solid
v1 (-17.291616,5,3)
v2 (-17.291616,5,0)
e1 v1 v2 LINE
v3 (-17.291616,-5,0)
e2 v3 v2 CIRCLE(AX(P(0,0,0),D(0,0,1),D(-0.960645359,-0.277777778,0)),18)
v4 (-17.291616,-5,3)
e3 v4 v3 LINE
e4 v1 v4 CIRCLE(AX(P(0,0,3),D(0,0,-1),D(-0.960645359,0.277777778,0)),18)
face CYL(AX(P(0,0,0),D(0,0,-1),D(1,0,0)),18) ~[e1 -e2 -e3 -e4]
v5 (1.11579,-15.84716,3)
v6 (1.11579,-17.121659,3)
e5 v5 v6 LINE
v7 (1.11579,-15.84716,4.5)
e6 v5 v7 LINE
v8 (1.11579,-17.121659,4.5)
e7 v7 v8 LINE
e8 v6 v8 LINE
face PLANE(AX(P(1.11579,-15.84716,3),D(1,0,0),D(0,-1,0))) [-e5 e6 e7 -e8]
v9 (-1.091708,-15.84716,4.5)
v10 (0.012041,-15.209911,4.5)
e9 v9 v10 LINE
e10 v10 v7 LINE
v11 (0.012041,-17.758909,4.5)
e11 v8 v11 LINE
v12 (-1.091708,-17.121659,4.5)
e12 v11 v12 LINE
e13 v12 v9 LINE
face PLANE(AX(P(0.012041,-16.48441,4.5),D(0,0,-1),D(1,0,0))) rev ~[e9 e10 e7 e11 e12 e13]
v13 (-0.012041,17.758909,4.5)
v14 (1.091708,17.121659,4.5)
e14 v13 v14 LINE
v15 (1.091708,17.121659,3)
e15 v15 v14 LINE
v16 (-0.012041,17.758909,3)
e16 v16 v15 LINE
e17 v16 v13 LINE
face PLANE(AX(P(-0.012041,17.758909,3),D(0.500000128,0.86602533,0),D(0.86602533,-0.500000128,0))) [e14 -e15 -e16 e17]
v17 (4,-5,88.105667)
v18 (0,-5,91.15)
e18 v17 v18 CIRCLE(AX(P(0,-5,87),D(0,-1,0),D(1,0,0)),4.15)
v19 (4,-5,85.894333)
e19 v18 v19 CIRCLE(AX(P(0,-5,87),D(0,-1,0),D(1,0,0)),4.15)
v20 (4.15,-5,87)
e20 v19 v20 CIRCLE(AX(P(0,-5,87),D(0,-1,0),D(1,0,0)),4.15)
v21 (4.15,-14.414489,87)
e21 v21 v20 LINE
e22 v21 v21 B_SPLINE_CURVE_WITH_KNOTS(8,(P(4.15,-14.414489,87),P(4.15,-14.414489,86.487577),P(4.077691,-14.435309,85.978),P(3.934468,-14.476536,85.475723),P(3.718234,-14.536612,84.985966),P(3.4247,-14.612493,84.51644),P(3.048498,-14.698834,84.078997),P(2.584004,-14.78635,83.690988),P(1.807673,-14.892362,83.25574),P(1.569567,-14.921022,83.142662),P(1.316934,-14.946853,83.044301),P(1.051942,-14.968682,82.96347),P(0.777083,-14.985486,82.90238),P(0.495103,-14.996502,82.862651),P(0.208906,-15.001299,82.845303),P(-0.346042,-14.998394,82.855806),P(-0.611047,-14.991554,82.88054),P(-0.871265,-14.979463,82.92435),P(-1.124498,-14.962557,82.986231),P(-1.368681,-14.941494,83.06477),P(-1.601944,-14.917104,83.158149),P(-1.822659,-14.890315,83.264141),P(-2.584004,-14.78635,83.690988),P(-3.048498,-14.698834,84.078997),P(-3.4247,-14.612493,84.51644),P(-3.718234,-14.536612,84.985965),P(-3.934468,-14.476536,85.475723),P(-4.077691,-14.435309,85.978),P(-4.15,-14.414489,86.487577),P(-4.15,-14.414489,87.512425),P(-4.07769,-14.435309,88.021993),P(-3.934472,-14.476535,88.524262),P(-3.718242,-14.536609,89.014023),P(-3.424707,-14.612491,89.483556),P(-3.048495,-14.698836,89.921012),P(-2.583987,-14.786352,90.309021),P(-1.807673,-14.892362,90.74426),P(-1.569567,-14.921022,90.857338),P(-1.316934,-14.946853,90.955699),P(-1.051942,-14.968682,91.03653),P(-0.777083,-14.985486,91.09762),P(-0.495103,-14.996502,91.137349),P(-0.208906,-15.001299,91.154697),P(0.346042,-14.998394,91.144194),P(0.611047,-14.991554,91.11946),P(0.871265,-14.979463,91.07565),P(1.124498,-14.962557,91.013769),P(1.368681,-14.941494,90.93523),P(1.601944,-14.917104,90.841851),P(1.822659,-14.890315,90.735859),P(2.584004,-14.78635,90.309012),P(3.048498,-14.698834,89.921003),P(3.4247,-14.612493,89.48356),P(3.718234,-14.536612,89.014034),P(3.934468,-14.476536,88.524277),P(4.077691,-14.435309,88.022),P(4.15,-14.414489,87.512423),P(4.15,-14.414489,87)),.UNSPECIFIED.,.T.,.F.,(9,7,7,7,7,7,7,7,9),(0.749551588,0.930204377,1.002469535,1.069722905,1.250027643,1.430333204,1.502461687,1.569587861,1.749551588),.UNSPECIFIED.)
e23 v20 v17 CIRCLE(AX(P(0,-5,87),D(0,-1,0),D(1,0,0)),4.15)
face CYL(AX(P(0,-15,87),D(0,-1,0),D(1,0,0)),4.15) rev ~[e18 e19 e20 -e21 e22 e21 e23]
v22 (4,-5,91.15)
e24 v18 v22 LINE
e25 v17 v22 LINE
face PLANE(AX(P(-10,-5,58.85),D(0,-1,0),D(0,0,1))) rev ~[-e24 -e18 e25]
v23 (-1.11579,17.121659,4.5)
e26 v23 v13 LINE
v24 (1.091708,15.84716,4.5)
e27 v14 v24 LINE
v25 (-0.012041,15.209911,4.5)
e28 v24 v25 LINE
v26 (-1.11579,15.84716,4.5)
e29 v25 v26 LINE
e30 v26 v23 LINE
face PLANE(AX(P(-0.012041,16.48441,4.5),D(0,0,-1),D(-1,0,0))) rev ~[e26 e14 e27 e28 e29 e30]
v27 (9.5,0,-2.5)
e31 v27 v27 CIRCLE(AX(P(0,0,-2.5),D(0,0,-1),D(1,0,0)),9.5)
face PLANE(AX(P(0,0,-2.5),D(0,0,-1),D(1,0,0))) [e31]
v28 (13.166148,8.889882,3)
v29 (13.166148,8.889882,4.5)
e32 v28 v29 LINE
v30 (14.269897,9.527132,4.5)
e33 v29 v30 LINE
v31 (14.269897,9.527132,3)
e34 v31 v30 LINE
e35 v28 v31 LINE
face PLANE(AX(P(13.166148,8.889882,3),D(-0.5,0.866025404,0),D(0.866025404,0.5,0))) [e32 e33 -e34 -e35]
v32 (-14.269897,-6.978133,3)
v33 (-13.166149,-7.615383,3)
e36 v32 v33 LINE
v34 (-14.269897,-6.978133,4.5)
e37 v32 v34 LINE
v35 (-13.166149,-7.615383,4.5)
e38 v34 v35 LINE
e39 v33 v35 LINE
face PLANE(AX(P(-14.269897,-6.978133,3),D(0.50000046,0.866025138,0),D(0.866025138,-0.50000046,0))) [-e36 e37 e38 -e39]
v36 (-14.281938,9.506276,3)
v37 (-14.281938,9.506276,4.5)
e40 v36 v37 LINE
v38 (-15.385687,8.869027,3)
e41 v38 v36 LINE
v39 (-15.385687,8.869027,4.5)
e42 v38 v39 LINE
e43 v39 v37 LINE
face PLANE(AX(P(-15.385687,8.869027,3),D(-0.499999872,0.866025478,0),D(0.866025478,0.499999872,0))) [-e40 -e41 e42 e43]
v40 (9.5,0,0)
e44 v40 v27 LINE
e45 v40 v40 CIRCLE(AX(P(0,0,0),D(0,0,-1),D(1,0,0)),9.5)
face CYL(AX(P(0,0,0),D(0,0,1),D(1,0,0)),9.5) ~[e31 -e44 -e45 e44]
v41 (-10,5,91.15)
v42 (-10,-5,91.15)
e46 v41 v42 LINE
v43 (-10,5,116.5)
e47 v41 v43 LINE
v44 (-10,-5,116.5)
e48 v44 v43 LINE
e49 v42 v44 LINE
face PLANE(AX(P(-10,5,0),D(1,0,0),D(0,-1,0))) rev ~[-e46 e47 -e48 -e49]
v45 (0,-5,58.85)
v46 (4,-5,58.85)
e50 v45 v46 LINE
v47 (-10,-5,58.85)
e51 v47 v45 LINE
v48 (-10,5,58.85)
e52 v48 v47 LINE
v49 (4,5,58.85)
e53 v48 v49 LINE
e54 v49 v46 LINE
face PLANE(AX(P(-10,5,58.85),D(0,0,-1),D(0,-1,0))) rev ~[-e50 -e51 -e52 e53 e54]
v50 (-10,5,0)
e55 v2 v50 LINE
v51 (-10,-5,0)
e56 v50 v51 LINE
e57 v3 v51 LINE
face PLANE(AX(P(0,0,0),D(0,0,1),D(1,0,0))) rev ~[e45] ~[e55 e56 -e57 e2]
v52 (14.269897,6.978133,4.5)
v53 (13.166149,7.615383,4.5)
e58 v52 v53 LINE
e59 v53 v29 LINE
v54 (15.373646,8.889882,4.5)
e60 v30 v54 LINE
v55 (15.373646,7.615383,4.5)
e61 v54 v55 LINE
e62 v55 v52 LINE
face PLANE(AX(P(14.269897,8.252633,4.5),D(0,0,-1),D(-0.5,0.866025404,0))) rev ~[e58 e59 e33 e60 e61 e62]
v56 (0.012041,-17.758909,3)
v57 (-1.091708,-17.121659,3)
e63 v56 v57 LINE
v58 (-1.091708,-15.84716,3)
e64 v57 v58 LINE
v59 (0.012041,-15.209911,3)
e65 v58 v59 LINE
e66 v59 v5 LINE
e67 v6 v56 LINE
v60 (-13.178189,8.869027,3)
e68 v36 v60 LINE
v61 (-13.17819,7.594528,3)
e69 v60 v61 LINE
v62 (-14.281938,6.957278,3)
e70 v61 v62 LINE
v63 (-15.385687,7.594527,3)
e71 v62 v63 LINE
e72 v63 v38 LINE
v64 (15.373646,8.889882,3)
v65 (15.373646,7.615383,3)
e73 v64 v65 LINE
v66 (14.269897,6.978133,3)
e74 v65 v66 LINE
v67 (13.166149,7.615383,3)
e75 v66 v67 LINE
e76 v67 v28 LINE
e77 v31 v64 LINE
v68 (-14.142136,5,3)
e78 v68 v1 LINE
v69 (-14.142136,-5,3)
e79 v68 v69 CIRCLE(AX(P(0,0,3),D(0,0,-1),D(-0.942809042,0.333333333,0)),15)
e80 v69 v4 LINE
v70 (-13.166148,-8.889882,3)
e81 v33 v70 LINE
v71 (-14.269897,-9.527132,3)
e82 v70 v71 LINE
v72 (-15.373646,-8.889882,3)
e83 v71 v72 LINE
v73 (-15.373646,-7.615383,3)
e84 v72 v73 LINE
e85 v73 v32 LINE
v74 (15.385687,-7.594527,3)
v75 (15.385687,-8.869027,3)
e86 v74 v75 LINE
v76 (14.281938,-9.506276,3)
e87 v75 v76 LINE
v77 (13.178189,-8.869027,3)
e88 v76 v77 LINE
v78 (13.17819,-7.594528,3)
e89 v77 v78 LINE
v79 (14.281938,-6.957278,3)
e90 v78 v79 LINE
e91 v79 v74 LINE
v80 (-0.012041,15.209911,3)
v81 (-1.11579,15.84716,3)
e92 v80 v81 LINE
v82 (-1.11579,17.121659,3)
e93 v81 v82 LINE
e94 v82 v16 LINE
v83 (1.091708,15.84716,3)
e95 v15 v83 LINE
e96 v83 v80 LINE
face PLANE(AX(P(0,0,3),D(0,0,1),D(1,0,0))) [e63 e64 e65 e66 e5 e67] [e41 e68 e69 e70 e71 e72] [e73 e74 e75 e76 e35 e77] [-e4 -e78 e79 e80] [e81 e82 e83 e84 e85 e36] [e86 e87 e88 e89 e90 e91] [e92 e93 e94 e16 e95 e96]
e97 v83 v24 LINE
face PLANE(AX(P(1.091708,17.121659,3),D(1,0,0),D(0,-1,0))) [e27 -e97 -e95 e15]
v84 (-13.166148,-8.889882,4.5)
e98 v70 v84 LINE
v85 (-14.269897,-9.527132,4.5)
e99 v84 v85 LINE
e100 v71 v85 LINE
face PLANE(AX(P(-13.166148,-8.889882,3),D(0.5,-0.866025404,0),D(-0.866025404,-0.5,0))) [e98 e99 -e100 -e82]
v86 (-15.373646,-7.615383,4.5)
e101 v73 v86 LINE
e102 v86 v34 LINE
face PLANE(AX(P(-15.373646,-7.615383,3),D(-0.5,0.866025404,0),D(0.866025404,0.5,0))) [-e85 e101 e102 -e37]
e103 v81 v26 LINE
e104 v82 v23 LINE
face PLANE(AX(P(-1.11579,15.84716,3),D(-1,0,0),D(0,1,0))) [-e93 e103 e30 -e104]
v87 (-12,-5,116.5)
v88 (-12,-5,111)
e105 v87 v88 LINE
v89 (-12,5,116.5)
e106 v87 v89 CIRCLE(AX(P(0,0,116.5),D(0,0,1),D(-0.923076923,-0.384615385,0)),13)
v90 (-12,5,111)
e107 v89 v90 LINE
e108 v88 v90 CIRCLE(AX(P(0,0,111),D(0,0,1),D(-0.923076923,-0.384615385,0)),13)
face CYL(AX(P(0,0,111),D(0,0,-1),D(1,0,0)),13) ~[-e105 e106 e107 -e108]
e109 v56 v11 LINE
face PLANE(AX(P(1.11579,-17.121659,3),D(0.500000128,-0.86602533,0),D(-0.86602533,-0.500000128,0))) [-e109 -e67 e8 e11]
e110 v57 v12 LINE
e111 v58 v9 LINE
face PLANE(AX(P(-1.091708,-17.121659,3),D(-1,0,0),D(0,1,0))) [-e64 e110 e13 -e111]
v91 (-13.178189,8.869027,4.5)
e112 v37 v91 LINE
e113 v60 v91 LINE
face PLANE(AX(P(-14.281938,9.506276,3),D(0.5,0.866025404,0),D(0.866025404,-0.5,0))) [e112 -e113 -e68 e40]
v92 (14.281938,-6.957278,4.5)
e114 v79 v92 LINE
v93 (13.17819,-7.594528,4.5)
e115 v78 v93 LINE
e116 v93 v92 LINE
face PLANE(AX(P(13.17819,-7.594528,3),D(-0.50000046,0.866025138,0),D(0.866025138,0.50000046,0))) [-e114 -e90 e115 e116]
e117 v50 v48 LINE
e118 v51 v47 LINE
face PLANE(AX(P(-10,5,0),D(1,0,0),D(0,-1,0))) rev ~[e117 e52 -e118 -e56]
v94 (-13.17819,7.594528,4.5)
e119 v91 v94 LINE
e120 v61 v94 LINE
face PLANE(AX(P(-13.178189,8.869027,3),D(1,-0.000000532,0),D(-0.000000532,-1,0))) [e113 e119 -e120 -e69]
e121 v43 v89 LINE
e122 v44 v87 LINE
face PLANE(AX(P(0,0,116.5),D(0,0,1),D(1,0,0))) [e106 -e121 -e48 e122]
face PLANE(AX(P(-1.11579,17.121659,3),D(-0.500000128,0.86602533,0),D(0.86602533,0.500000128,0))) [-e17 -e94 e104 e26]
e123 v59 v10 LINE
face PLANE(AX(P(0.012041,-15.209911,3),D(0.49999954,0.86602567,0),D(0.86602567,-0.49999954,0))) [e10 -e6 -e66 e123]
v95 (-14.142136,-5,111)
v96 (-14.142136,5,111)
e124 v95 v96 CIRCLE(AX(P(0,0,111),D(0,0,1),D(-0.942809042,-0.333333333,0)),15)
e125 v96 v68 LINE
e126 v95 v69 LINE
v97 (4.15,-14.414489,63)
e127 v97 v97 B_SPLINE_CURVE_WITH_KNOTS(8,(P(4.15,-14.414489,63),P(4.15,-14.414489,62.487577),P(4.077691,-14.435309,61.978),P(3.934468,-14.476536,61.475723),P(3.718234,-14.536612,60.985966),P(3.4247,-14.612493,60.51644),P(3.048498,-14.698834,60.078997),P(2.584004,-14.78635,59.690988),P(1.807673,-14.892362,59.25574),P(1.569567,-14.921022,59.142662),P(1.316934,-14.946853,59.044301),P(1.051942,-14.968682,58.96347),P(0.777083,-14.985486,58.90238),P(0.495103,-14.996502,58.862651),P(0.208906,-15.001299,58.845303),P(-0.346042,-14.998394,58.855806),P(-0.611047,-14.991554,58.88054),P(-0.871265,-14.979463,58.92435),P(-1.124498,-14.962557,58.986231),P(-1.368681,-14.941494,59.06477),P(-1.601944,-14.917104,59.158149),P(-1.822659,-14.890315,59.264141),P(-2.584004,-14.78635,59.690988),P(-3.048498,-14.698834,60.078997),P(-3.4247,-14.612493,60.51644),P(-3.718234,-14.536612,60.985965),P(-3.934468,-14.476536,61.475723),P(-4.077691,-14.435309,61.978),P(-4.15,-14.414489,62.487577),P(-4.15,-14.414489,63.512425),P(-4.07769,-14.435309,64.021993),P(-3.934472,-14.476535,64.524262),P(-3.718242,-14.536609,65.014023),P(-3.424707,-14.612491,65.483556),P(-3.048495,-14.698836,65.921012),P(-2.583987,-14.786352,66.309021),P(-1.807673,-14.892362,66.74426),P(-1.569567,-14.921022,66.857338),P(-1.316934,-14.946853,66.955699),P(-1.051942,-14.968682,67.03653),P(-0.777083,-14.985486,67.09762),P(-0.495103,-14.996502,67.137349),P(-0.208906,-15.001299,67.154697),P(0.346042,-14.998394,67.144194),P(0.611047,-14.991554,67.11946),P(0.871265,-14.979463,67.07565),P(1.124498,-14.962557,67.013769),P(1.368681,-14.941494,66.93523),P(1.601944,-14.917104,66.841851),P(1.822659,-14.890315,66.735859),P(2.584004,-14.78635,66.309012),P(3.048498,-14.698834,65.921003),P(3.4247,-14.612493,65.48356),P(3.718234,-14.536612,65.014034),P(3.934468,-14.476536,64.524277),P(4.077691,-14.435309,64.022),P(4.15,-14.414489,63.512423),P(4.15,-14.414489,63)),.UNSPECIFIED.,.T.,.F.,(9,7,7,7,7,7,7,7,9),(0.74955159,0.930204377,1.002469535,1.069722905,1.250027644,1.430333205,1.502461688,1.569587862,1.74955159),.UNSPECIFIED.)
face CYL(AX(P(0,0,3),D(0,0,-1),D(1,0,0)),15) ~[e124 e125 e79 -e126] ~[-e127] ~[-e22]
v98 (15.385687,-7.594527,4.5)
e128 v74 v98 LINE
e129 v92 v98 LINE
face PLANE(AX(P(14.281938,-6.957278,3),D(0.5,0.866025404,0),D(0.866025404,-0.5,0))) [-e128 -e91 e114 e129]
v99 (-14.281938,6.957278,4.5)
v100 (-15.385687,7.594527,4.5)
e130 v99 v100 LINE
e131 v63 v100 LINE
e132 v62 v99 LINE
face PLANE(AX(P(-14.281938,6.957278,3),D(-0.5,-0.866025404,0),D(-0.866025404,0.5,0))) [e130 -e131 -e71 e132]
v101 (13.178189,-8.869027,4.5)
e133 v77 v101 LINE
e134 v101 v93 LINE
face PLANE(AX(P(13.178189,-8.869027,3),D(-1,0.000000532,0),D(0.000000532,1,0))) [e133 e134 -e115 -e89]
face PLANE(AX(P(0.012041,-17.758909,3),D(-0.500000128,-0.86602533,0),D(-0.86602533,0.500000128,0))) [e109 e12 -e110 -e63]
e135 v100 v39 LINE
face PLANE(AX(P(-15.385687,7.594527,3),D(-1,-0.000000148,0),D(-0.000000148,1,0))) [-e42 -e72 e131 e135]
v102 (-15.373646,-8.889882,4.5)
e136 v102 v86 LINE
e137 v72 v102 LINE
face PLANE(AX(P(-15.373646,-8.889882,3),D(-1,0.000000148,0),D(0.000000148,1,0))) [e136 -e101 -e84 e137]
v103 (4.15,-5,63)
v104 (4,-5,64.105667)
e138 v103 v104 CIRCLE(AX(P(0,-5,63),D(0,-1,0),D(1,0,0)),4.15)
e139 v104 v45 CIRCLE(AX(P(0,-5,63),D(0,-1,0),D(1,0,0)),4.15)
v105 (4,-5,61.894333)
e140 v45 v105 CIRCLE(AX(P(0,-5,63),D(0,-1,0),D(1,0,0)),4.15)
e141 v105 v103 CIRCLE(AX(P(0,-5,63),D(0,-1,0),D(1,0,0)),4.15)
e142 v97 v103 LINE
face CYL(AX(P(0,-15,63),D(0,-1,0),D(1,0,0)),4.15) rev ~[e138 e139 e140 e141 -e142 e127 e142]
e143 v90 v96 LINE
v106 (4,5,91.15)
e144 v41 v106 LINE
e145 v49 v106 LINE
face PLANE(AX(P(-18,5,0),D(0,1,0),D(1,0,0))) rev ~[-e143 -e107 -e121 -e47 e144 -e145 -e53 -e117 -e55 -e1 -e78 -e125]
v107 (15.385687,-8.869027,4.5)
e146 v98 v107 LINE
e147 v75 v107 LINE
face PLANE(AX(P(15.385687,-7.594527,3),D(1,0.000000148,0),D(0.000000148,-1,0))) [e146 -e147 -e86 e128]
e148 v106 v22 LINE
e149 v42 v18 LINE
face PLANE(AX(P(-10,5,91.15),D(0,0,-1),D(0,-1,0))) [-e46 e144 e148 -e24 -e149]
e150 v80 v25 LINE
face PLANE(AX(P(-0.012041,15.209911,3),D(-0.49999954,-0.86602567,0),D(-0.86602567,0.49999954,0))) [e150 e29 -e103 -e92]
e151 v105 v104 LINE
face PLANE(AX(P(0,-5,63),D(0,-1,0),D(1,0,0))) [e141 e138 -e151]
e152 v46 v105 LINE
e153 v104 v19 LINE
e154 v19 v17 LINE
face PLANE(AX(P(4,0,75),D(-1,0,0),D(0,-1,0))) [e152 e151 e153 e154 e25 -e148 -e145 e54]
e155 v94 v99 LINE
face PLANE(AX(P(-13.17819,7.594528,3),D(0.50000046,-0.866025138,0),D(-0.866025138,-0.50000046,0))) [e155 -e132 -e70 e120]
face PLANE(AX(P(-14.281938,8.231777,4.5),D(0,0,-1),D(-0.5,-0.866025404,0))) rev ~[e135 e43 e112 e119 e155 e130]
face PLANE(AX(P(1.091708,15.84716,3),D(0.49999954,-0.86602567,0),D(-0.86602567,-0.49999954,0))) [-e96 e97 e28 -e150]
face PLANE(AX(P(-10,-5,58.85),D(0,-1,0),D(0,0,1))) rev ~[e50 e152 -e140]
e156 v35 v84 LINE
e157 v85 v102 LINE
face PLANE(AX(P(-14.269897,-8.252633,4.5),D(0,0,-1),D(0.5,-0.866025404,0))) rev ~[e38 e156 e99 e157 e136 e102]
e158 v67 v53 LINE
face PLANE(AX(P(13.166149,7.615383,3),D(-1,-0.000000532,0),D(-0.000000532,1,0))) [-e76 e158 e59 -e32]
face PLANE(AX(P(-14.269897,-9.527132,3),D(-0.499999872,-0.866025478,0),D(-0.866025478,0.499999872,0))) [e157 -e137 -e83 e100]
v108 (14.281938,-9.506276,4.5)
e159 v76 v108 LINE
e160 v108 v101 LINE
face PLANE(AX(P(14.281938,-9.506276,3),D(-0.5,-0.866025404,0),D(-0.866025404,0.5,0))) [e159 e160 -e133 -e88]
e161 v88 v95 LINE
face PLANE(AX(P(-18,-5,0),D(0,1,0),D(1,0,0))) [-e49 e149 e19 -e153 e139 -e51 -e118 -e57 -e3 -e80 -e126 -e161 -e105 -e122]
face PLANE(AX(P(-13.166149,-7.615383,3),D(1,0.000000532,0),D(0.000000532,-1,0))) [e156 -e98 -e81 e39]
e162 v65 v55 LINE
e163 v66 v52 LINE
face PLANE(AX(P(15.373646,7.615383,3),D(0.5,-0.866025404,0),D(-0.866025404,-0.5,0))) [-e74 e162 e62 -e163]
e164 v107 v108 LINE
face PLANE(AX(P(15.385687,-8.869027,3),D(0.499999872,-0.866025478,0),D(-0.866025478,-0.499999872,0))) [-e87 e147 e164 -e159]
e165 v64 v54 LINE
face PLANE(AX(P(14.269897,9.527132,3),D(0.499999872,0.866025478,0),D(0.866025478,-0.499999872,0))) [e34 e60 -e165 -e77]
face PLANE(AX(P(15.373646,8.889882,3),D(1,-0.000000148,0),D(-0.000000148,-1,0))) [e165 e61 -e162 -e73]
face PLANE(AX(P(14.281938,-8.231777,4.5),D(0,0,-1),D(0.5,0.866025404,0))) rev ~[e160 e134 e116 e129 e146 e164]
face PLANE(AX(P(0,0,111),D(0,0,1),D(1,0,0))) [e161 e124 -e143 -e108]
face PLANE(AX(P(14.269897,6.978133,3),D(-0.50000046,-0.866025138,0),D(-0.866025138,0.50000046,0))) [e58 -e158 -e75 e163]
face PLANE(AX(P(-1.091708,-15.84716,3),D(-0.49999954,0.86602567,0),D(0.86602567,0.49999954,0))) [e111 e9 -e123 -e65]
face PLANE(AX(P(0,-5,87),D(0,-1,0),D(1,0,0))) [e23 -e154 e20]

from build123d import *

# Parameters (mm, degrees)
SKETCH_R           = 18
PAD_DEPTH          = 3
SKETCH001_R        = 15
PAD001_DEPTH       = 108
SKETCH002_R        = 9.5
PAD002_DEPTH       = 2.5
SKETCH003_R        = 13
PAD003_DEPTH       = 5.5
PAD004_DEPTH       = 1.5
POLARPATTERN_COUNT = 6
SKETCH009_W        = 8
SKETCH009_H        = 10
POCKET_DEPTH       = 118
SKETCH010_R        = 4.15
POCKET001_DEPTH    = 10
SKETCH011_R        = 4.15
POCKET002_DEPTH    = 10
SKETCH012_W        = 10
SKETCH012_H        = 32.3
POCKET003_DEPTH    = 14


with BuildPart() as part:
    # Sketch → Pad (new body)
    with BuildSketch(Plane.XY):
        Circle(SKETCH_R)
    extrude(amount=PAD_DEPTH)

    # Sketch001 (on Face3 of Pad) → Pad001 (join)
    with BuildSketch(Plane.XY.offset(3)):
        Circle(SKETCH001_R)
    extrude(amount=PAD001_DEPTH)

    # Sketch002 (on Face2 of Pad001) → Pad002 (join)
    with BuildSketch(Plane(origin=(0, 0, 0), x_dir=(1, 0, 0), z_dir=(0, 0, -1))):
        Circle(SKETCH002_R)
    extrude(amount=PAD002_DEPTH)

    # Sketch003 (on Face7 of Pad002) → Pad003 (join)
    with BuildSketch(Plane.XY.offset(111)):
        Circle(SKETCH003_R)
    extrude(amount=PAD003_DEPTH)

    # Sketch008 (on Face3 of Pad003) → Pad004 (join)
    with BuildSketch(Plane.XY.offset(3)):
        Polygon((-1.11579, 17.121659), (-0.012041, 17.758909), (1.091708, 17.121659), (1.091708, 15.84716), (-0.012041, 15.209911), (-1.11579, 15.84716), align=None)
    pad004 = extrude(amount=PAD004_DEPTH)

    # PolarPattern: Pad004 ×6 about axis
    polarpattern_axis = Axis((0, 0, 3), (0, 0, 1))
    for i in range(1, POLARPATTERN_COUNT):
        add(pad004.rotate(polarpattern_axis, i * 360 / POLARPATTERN_COUNT))

    # Sketch009 (on Face2 of PolarPattern) → Pocket (cut)
    with BuildSketch(Plane(origin=(0, 0, 0), x_dir=(1, 0, 0), z_dir=(0, 0, -1))):
        with Locations((-14, 0)):
            Rectangle(SKETCH009_W, SKETCH009_H)
    extrude(amount=-POCKET_DEPTH, mode=Mode.SUBTRACT)

    # Sketch010 (on DatumPlane) → Pocket001 (cut)
    with BuildSketch(Plane.XZ.offset(15)):
        with Locations((0, 87)):
            Circle(SKETCH010_R)
    extrude(amount=-POCKET001_DEPTH, mode=Mode.SUBTRACT)

    # Sketch011 (on DatumPlane) → Pocket002 (cut)
    with BuildSketch(Plane.XZ.offset(15)):
        with Locations((0, 63)):
            Circle(SKETCH011_R)
    extrude(amount=-POCKET002_DEPTH, mode=Mode.SUBTRACT)

    # Sketch012 (on Face7 of Pocket002) → Pocket003 (cut)
    with BuildSketch(Plane(origin=(-10, 0, 0), x_dir=(0, -1, 0), z_dir=(-1, 0, 0))):
        with Locations((0, 75)):
            Rectangle(SKETCH012_W, SKETCH012_H)
    extrude(amount=-POCKET003_DEPTH, mode=Mode.SUBTRACT)


solid = part.part
